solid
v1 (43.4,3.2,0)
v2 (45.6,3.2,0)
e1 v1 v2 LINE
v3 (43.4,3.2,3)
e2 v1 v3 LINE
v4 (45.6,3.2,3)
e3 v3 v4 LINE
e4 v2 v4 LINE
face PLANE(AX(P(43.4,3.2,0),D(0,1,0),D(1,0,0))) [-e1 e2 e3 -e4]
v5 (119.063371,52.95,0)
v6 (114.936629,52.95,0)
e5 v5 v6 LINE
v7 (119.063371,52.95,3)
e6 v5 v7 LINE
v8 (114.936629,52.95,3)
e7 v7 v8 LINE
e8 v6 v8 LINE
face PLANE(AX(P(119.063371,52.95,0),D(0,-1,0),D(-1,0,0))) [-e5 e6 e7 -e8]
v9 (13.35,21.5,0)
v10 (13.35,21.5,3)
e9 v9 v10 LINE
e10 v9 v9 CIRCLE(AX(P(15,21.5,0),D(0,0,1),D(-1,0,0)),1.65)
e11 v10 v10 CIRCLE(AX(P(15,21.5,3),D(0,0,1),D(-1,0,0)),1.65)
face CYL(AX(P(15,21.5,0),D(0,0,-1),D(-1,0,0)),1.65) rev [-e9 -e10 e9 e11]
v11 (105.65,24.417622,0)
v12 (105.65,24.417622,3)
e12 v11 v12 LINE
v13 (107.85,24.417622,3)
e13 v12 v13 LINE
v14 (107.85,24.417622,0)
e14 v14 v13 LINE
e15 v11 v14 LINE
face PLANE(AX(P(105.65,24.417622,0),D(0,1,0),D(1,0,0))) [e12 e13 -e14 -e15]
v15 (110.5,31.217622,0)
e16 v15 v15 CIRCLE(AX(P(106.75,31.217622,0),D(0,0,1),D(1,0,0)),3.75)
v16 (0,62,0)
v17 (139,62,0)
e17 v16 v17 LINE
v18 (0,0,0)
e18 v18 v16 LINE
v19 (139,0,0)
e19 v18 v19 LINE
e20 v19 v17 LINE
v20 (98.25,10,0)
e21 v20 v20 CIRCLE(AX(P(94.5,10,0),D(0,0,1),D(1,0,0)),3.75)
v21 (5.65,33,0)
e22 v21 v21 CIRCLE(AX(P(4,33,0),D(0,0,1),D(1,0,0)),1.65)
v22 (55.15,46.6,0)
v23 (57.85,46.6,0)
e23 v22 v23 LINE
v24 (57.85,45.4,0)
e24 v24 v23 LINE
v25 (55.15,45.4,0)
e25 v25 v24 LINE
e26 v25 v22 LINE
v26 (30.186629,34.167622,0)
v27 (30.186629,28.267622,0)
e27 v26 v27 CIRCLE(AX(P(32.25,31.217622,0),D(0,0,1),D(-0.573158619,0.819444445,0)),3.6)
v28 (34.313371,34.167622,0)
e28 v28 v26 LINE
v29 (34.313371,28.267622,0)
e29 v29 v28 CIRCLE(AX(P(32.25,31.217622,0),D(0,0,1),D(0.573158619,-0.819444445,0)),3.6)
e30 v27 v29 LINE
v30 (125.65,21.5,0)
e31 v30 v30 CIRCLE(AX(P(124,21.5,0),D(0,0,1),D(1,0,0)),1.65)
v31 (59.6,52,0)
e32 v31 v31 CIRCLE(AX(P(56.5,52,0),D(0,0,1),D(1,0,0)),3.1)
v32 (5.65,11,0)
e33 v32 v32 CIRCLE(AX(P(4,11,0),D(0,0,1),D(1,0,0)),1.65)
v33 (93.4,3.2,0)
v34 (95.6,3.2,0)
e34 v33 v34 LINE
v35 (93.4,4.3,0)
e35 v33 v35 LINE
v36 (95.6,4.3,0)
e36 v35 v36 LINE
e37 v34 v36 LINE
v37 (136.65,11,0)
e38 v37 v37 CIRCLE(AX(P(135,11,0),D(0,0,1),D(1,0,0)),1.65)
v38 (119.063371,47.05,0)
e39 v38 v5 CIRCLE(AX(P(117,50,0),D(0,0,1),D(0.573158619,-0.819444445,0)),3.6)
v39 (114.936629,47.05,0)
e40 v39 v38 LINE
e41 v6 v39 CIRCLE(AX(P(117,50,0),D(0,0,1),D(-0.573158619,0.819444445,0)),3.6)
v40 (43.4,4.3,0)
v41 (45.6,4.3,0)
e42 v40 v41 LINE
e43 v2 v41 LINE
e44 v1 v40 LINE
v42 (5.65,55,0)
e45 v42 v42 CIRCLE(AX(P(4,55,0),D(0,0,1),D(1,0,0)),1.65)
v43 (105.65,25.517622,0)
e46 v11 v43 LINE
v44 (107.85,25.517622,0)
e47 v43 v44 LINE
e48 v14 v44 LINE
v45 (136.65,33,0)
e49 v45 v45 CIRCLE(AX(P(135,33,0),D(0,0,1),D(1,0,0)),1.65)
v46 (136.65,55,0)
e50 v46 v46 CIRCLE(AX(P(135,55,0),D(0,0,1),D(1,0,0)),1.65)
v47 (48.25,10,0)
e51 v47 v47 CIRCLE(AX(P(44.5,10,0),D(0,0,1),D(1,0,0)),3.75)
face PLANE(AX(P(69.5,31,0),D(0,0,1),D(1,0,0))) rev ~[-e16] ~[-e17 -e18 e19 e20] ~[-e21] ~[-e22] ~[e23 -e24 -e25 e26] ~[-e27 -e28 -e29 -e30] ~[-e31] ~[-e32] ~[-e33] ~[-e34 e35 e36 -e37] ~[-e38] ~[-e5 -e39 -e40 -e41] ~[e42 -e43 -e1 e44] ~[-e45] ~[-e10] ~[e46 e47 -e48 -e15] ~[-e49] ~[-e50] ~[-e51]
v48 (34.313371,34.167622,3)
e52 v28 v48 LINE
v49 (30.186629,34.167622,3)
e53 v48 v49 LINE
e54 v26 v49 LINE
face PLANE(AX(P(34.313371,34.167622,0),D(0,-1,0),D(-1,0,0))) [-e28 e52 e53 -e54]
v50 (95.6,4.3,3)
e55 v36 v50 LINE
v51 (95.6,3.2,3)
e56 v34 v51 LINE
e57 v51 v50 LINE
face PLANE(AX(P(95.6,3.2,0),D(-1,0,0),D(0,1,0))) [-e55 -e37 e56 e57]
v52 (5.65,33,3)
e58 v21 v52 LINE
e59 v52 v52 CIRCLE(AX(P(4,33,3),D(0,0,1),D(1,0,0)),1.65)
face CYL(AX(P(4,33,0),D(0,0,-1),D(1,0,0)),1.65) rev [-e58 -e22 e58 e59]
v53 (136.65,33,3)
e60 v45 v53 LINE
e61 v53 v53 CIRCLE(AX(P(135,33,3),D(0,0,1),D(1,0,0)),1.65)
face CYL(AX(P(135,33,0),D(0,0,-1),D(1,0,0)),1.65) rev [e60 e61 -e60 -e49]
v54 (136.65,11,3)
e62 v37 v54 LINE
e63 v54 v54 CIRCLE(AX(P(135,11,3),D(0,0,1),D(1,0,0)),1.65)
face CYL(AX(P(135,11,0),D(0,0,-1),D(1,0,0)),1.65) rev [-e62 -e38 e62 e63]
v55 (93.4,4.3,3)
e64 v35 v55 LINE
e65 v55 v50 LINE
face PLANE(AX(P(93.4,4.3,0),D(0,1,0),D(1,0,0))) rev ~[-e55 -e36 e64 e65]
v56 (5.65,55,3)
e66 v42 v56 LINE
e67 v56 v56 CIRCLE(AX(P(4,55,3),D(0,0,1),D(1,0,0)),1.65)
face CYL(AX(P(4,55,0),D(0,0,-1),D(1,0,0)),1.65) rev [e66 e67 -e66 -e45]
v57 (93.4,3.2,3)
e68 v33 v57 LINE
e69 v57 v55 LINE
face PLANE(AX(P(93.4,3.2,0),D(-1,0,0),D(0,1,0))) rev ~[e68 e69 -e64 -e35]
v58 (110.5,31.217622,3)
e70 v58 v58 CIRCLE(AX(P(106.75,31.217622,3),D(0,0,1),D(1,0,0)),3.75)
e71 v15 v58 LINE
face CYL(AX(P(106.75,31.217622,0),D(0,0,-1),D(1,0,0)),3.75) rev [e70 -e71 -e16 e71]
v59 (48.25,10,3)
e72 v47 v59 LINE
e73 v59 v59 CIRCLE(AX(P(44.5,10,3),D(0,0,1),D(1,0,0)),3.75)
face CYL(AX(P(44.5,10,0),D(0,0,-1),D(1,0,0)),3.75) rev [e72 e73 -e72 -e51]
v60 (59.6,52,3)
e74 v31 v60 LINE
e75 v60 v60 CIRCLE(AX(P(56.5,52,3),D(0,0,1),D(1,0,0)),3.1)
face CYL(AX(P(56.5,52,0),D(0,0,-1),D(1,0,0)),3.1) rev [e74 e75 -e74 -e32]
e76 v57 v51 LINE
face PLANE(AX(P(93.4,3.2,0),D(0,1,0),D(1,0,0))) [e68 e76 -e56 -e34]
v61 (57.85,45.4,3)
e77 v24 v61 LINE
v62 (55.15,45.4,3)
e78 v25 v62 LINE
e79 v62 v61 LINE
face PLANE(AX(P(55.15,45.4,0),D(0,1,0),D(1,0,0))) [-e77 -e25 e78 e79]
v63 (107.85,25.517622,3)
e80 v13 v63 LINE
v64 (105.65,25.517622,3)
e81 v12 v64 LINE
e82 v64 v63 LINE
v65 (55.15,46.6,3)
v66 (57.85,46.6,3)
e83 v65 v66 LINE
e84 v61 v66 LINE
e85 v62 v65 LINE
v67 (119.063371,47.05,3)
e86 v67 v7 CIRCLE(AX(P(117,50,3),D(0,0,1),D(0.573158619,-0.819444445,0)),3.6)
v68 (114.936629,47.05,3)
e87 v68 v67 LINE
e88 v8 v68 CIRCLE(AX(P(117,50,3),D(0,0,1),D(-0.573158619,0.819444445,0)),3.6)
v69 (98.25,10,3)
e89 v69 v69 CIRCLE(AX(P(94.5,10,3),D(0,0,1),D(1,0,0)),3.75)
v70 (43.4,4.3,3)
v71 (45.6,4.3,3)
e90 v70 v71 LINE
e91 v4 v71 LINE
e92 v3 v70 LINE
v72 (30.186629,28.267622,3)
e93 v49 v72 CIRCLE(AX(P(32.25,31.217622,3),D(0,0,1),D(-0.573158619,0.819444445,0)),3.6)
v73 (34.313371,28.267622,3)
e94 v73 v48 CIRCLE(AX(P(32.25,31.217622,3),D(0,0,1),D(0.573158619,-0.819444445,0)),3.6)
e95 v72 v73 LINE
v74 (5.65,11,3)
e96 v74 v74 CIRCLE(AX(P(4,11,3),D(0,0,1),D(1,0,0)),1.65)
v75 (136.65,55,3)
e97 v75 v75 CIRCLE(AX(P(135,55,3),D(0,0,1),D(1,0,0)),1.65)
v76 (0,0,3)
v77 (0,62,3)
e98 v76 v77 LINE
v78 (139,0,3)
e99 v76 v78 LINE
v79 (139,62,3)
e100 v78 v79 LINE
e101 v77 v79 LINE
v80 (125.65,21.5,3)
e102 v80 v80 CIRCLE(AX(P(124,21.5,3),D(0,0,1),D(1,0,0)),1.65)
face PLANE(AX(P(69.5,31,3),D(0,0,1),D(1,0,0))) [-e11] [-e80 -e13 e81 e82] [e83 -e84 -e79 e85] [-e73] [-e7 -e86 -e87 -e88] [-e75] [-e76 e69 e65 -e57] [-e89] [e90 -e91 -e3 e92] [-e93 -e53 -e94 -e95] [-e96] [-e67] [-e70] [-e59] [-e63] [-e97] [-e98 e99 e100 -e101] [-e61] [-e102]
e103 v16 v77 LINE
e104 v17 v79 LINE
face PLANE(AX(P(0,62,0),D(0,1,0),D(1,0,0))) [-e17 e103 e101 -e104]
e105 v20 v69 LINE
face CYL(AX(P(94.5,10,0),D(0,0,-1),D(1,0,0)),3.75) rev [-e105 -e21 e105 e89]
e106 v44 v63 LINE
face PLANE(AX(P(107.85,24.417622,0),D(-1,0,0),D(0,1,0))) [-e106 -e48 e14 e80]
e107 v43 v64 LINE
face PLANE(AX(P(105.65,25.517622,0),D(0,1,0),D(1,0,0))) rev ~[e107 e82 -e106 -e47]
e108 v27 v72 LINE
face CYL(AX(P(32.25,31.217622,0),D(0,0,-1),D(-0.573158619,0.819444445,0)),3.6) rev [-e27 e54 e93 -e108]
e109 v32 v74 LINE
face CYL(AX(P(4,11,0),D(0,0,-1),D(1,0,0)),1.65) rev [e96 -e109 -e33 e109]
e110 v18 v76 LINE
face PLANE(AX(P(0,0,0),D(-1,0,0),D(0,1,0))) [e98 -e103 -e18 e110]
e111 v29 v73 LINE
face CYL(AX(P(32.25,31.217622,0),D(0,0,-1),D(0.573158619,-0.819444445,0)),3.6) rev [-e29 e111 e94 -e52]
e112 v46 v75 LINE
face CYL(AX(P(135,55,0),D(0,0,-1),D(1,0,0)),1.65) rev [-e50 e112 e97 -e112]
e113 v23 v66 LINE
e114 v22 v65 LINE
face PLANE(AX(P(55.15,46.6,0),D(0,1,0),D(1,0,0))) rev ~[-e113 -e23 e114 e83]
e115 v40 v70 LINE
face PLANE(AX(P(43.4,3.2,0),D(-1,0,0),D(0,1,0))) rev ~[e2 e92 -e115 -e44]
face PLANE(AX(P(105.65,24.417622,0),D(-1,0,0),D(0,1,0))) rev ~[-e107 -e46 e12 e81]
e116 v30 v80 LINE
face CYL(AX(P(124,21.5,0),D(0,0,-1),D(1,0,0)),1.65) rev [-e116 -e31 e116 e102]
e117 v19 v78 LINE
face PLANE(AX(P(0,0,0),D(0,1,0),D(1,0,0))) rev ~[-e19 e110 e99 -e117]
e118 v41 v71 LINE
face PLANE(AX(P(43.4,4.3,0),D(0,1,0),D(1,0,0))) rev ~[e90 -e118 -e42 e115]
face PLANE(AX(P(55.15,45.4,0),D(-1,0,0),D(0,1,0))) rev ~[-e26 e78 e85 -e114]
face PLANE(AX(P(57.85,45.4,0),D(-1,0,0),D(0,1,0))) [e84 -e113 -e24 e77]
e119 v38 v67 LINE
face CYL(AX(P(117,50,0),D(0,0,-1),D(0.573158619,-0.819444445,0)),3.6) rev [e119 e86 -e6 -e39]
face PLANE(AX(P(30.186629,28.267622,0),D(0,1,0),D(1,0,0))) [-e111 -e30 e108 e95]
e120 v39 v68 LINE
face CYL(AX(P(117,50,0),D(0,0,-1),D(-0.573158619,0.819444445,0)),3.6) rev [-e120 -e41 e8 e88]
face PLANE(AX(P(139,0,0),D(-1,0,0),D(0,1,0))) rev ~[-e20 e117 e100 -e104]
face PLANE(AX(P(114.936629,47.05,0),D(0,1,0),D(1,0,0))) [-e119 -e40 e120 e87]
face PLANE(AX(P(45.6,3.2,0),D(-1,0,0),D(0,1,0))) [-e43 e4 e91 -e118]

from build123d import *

# Parameters (mm, degrees)
SKETCH1_W           = 139
SKETCH1_H           = 62
SKETCH1_R           = 3.75
SKETCH1_R_2         = 1.65
SKETCH1_R_3         = 3.1
SKETCH1_W_2         = 2.2
SKETCH1_H_2         = 1.1
SKETCH1_W_3         = 2.7
SKETCH1_H_3         = 1.2
BOSS_EXTRUDE1_DEPTH = 3


with BuildPart() as part:
    # Sketch1 → Boss-Extrude1 (new body)
    with BuildSketch(Plane.XY):
        with Locations((69.5, 31)):
            Rectangle(SKETCH1_W, SKETCH1_H)
        with Locations((94.5, 10)):
            Circle(SKETCH1_R, mode=Mode.SUBTRACT)
        with Locations((4, 33)):
            Circle(SKETCH1_R_2, mode=Mode.SUBTRACT)
        with Locations((135, 33)):
            Circle(SKETCH1_R_2, mode=Mode.SUBTRACT)
        with Locations((135, 11)):
            Circle(SKETCH1_R_2, mode=Mode.SUBTRACT)
        with Locations((4, 11)):
            Circle(SKETCH1_R_2, mode=Mode.SUBTRACT)
        with Locations((106.75, 31.217622393)):
            Circle(SKETCH1_R, mode=Mode.SUBTRACT)
        with Locations((124, 21.5)):
            Circle(SKETCH1_R_2, mode=Mode.SUBTRACT)
        with Locations((44.5, 10)):
            Circle(SKETCH1_R, mode=Mode.SUBTRACT)
        with Locations(Location((15, 21.5, 0), (0, 0, 180))):
            Circle(SKETCH1_R_2, mode=Mode.SUBTRACT)
        with Locations((56.5, 52)):
            Circle(SKETCH1_R_3, mode=Mode.SUBTRACT)
        with Locations((4, 55)):
            Circle(SKETCH1_R_2, mode=Mode.SUBTRACT)
        with Locations((135, 55)):
            Circle(SKETCH1_R_2, mode=Mode.SUBTRACT)
        with Locations((44.5, 3.75)):
            Rectangle(SKETCH1_W_2, SKETCH1_H_2, mode=Mode.SUBTRACT)
        with Locations((94.5, 3.75)):
            Rectangle(SKETCH1_W_2, SKETCH1_H_2, mode=Mode.SUBTRACT)
        with Locations((106.75, 24.967622393)):
            Rectangle(SKETCH1_W_2, SKETCH1_H_2, mode=Mode.SUBTRACT)
        with Locations((56.5, 46)):
            Rectangle(SKETCH1_W_3, SKETCH1_H_3, mode=Mode.SUBTRACT)
        with BuildLine():
            Line((114.936628972, 47.05), (119.063371028, 47.05))
            ThreePointArc((119.063371028, 47.05), (120.6, 50), (119.063371028, 52.95))
            Line((119.063371028, 52.95), (114.936628972, 52.95))
            ThreePointArc((114.936628972, 52.95), (113.4, 50), (114.936628972, 47.05))
        make_face(mode=Mode.SUBTRACT)
        with BuildLine():
            Line((30.186628972, 28.267622393), (34.313371028, 28.267622393))
            ThreePointArc((34.313371028, 28.267622393), (35.85, 31.217622393), (34.313371028, 34.167622393))
            Line((34.313371028, 34.167622393), (30.186628972, 34.167622393))
            ThreePointArc((30.186628972, 34.167622393), (28.65, 31.217622393), (30.186628972, 28.267622393))
        make_face(mode=Mode.SUBTRACT)
    extrude(amount=BOSS_EXTRUDE1_DEPTH)


solid = part.part
